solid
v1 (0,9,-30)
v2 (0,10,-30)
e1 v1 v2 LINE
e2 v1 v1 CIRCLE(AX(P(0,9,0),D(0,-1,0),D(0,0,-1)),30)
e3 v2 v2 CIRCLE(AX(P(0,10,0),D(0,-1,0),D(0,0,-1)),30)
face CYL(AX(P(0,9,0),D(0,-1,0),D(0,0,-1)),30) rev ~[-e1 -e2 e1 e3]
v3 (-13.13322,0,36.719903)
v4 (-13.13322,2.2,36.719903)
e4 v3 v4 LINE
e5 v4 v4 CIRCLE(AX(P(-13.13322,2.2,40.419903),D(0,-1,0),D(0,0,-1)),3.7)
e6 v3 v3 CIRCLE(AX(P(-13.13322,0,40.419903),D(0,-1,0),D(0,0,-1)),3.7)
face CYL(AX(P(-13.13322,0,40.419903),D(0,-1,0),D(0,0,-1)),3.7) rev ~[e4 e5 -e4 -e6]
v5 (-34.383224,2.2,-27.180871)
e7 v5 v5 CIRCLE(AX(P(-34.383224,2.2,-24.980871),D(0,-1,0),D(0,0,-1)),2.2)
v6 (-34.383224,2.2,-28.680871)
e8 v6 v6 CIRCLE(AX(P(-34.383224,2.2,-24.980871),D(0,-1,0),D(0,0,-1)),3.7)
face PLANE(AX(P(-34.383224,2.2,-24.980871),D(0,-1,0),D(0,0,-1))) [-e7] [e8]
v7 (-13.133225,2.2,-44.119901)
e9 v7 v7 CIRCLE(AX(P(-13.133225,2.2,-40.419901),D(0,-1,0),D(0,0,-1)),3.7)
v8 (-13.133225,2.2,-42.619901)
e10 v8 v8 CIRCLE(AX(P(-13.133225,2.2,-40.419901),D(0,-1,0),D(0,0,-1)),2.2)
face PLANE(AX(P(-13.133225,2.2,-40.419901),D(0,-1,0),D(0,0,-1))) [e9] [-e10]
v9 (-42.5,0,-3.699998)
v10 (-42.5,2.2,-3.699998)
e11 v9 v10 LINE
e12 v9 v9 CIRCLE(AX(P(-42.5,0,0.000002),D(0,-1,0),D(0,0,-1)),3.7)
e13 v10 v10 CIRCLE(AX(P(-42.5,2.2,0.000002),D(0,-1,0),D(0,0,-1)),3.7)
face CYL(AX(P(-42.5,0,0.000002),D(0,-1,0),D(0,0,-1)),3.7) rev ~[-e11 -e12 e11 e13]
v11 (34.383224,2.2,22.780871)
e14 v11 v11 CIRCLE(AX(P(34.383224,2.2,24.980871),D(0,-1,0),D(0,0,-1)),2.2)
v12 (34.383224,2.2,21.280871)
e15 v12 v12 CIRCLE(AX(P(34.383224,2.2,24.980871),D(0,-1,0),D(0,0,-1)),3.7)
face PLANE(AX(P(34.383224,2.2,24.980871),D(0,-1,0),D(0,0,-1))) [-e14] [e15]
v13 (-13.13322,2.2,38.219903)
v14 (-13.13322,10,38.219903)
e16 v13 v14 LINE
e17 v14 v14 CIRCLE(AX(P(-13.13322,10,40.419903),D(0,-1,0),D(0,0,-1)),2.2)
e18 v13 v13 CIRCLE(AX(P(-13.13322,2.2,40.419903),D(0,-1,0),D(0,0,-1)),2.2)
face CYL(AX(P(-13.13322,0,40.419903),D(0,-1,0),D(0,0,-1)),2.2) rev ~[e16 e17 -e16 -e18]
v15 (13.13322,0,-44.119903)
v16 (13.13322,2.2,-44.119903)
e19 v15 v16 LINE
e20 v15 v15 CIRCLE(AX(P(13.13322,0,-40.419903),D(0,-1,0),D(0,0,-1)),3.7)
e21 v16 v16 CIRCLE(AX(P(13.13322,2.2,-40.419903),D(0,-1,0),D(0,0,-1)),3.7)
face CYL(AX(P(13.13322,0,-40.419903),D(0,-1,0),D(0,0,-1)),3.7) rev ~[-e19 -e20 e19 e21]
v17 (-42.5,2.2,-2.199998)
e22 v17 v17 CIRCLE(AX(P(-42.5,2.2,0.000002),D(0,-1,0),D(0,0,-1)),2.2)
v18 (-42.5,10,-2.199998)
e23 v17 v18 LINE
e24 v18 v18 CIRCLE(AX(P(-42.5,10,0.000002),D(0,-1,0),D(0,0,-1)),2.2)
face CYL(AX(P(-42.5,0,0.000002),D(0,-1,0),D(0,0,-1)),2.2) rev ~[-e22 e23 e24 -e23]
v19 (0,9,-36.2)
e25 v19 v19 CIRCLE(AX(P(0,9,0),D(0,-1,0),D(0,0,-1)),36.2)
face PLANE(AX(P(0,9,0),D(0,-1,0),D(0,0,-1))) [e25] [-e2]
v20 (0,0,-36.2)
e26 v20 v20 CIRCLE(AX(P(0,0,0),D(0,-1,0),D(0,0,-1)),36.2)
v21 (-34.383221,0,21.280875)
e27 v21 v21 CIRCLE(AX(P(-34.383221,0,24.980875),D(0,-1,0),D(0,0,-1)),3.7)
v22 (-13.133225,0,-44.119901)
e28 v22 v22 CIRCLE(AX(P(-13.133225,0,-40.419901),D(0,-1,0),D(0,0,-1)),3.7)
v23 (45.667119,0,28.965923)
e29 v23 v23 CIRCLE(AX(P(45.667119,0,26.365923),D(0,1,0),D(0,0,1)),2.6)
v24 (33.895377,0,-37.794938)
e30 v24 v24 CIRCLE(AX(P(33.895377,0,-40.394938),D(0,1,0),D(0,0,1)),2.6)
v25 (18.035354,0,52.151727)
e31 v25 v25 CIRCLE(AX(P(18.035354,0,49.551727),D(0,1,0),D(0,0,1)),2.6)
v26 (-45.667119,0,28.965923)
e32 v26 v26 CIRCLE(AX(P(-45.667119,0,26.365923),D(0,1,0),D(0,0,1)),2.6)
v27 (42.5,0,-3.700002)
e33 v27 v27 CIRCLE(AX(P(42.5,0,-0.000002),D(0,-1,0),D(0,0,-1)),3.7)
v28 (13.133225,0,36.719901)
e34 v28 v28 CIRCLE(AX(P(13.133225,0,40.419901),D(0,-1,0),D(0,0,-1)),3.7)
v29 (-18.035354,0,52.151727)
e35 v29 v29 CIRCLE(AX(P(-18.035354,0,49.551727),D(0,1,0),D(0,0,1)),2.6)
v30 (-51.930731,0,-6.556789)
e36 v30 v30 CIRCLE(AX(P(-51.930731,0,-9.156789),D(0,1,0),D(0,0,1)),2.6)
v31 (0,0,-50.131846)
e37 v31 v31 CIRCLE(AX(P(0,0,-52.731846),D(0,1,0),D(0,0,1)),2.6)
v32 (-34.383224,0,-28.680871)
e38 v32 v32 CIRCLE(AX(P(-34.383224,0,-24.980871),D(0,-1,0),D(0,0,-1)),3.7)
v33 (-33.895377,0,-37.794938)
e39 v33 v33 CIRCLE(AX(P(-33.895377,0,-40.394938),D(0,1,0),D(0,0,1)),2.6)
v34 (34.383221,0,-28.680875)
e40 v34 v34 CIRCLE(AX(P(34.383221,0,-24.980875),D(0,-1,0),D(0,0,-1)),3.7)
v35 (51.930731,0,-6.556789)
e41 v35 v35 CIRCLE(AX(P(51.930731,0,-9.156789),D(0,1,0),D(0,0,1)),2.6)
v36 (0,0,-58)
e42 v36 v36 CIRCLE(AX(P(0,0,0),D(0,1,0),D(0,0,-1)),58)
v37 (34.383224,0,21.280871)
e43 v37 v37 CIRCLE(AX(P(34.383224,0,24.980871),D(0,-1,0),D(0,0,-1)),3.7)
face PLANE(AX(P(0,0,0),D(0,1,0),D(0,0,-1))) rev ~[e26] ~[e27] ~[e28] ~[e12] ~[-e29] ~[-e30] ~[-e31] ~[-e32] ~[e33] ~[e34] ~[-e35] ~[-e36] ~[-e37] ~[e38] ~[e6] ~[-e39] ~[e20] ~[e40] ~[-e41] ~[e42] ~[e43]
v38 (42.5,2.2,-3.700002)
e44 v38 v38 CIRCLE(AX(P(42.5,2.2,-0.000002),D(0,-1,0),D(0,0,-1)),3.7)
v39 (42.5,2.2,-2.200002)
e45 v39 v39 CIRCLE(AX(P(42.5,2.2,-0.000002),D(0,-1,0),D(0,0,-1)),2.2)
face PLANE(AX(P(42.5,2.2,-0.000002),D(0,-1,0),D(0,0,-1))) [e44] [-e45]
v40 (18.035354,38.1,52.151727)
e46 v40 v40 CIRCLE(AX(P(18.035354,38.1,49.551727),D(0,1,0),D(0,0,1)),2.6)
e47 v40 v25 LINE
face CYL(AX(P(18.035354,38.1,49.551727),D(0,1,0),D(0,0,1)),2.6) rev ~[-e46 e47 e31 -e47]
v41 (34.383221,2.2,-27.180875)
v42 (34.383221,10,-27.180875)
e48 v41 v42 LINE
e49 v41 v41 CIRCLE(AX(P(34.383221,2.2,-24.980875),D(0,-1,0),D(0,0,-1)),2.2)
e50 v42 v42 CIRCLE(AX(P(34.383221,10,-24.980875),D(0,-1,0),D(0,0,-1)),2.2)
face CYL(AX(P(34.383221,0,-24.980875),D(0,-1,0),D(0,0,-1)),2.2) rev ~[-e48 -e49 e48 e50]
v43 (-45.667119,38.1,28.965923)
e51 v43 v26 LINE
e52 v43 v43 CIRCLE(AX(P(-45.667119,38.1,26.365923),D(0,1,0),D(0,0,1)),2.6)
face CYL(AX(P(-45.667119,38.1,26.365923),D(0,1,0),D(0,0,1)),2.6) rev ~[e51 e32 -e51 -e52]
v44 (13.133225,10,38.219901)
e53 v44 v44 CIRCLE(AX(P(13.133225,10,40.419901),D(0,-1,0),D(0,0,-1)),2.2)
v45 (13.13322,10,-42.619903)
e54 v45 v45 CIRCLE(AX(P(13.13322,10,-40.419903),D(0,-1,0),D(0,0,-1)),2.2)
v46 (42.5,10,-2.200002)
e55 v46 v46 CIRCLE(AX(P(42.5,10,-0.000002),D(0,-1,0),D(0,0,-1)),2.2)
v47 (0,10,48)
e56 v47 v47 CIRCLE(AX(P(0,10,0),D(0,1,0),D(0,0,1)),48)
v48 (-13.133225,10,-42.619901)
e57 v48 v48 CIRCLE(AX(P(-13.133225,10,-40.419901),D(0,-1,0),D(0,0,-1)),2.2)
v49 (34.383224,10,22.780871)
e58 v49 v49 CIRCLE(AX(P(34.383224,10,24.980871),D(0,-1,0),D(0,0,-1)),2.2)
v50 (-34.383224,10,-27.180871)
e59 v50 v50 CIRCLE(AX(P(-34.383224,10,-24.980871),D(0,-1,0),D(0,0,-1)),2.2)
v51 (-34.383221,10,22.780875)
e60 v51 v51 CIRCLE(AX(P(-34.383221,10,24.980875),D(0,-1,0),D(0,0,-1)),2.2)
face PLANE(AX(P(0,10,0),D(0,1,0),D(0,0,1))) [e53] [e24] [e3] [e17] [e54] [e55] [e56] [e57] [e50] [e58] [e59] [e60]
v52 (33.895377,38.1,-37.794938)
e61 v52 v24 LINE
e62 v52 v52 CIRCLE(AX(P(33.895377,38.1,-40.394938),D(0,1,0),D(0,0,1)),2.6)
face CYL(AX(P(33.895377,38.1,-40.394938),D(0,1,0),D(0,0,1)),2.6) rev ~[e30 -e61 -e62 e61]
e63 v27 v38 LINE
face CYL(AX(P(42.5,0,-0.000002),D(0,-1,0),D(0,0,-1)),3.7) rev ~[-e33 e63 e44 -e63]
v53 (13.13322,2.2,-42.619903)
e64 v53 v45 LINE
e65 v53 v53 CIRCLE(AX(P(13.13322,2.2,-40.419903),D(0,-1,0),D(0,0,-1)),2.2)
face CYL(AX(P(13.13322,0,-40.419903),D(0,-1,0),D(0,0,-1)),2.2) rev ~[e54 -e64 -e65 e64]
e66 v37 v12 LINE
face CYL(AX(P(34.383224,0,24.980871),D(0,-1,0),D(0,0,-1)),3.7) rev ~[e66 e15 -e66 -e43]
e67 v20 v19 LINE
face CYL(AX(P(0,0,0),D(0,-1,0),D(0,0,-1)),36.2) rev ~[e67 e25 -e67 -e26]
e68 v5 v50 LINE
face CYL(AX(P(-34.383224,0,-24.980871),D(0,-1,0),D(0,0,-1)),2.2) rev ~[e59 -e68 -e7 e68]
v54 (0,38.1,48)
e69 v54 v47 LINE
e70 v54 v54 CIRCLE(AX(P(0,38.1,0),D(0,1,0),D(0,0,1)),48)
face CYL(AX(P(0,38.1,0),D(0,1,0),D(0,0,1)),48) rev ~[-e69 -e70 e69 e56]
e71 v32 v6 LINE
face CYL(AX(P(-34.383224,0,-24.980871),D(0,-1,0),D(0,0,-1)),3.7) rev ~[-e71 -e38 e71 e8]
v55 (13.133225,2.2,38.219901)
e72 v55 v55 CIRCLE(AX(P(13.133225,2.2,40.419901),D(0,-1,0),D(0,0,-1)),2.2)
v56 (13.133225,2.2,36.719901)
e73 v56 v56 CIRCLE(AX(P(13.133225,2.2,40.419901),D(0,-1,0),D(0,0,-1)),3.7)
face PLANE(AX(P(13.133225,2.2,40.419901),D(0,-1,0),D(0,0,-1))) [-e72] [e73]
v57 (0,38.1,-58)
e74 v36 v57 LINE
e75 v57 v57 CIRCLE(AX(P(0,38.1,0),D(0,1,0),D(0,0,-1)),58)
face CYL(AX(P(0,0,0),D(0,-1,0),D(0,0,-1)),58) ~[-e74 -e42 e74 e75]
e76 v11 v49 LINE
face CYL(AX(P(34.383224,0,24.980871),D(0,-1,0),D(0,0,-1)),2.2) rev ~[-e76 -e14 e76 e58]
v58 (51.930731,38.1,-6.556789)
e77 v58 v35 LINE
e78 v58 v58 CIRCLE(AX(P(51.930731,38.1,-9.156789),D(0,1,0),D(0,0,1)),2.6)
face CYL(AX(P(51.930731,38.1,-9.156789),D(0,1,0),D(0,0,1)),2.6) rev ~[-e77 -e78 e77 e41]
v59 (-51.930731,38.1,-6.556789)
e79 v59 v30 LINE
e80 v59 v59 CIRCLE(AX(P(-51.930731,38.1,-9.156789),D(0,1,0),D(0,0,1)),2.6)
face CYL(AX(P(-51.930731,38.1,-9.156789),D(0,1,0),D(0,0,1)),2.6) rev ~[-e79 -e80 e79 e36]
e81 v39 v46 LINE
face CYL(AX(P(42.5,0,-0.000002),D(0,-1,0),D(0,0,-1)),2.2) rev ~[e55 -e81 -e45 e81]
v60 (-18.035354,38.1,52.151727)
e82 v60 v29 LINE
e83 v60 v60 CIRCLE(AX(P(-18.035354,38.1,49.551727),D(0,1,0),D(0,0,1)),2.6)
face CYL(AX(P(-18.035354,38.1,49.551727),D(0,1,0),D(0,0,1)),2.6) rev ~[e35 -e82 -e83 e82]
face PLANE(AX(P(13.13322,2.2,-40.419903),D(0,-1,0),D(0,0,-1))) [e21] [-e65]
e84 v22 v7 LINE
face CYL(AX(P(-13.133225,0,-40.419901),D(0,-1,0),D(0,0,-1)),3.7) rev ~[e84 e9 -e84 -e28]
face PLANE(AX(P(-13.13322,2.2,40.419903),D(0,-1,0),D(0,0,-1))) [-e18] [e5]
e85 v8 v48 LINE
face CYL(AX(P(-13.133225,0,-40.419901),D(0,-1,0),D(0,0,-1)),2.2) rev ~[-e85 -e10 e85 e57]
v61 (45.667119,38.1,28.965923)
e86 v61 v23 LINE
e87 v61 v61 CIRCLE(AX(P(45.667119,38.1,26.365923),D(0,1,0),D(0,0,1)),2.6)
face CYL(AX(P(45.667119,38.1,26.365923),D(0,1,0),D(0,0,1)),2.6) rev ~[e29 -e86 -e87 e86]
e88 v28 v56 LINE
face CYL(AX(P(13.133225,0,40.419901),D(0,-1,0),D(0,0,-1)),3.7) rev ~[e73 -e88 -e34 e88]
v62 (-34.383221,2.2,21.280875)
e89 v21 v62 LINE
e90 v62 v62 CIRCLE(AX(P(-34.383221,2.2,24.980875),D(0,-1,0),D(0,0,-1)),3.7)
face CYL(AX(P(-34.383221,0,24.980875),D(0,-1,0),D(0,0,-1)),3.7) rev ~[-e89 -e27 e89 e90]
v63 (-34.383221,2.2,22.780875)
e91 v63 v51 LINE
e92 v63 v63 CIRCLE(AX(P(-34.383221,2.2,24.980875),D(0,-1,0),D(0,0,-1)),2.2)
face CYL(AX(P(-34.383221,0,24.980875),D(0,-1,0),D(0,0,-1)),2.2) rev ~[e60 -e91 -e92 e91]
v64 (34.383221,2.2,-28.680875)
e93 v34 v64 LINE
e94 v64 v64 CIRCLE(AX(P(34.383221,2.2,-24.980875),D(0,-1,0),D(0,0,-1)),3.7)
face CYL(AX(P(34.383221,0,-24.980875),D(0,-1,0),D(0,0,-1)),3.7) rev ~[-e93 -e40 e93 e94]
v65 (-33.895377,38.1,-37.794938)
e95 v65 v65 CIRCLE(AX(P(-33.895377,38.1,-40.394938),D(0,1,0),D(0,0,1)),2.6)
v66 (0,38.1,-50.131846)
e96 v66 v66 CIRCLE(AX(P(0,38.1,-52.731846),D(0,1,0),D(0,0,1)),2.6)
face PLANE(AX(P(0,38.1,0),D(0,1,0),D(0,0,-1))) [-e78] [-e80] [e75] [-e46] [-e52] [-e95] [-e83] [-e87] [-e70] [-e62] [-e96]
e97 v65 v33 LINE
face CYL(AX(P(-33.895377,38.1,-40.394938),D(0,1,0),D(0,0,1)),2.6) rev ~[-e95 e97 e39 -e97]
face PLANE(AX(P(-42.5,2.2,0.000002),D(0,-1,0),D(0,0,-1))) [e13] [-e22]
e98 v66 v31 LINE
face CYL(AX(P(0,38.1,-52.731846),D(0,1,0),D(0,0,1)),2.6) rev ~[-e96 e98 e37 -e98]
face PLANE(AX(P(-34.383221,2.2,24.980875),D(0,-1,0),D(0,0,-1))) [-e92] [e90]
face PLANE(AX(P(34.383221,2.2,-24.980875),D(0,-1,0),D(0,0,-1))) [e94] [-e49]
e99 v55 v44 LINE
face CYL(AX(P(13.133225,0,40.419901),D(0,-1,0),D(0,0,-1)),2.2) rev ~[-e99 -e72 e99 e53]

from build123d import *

# Parameters (mm, degrees)
SKETCH1_R             = 58
BOSS_EXTRUDE1_DEPTH   = 38.1
SKETCH2_R             = 48
CUT_EXTRUDE1_DEPTH    = 28.1
SKETCH5_R             = 2.6
FASTENING_HOLES_DEPTH = 91.441196365
SKETCH9_R             = 36.2
CUT_EXTRUDE2_DEPTH    = 9
SKETCH10_R            = 30
CUT_EXTRUDE3_DEPTH    = 88.033384399
SKETCH6_R             = 2.2
CUT_EXTRUDE4_DEPTH    = 91.441196365
SKETCH16_R            = 3.7
CUT_EXTRUDE5_DEPTH    = 2.2


with BuildPart() as part:
    # Sketch1 → Boss-Extrude1 (new body)
    with BuildSketch(Plane(origin=(0, 0, 0), x_dir=(1, 0, 0), z_dir=(0, 1, 0))):
        with Locations(Location((0, 0, 0), (0, 0, 90))):
            Circle(SKETCH1_R)
    extrude(amount=BOSS_EXTRUDE1_DEPTH)

    # Sketch2 → Cut-Extrude1 (cut)
    with BuildSketch(Plane(origin=(0, 38.1, 0), x_dir=(1, 0, 0), z_dir=(0, 1, 0))):
        with Locations(Location((0, 0, 0), (0, 0, 270))):
            Circle(SKETCH2_R)
    extrude(amount=-CUT_EXTRUDE1_DEPTH, mode=Mode.SUBTRACT)

    # Sketch5 → Fastening Holes (cut, through all)
    with BuildSketch(Plane(origin=(0, 38.1, 0), x_dir=(1, 0, 0), z_dir=(0, 1, 0))):
        with Locations(Location((0, 52.731846387, 0), (0, 0, 270))):
            Circle(SKETCH5_R)
        with Locations(Location((33.895377494, 40.3949379, 0), (0, 0, 270))):
            Circle(SKETCH5_R)
        with Locations(Location((51.930731153, 9.15678903, 0), (0, 0, 270))):
            Circle(SKETCH5_R)
        with Locations(Location((45.66711856, -26.365923194, 0), (0, 0, 270))):
            Circle(SKETCH5_R)
        with Locations(Location((18.035353659, -49.55172693, 0), (0, 0, 270))):
            Circle(SKETCH5_R)
        with Locations(Location((-18.035353659, -49.55172693, 0), (0, 0, 270))):
            Circle(SKETCH5_R)
        with Locations(Location((-45.66711856, -26.365923194, 0), (0, 0, 270))):
            Circle(SKETCH5_R)
        with Locations(Location((-51.930731153, 9.15678903, 0), (0, 0, 270))):
            Circle(SKETCH5_R)
        with Locations(Location((-33.895377493, 40.3949379, 0), (0, 0, 270))):
            Circle(SKETCH5_R)
    extrude(amount=-FASTENING_HOLES_DEPTH, mode=Mode.SUBTRACT)

    # Sketch9 → Cut-Extrude2 (cut)
    with BuildSketch(Plane.XZ):
        with Locations(Location((0, 0, 0), (0, 0, 270))):
            Circle(SKETCH9_R)
    extrude(amount=-CUT_EXTRUDE2_DEPTH, mode=Mode.SUBTRACT)

    # Sketch10 → Cut-Extrude3 (cut, through all)
    with BuildSketch(Plane.XZ.offset(-9)):
        with Locations(Location((0, 0, 0), (0, 0, 270))):
            Circle(SKETCH10_R)
    extrude(amount=-CUT_EXTRUDE3_DEPTH, mode=Mode.SUBTRACT)

    # Sketch6 → Cut-Extrude4 (cut, through all)
    with BuildSketch(Plane.XZ):
        with Locations(Location((13.13322, -40.419902677, 0), (0, 0, 270))):
            Circle(SKETCH6_R)
        with Locations(Location((-13.133224522, -40.419901208, 0), (0, 0, 270))):
            Circle(SKETCH6_R)
        with Locations(Location((-34.383223658, -24.980871299, 0), (0, 0, 270))):
            Circle(SKETCH6_R)
        with Locations(Location((-42.5, 2.377e-06, 0), (0, 0, 270))):
            Circle(SKETCH6_R)
        with Locations(Location((-34.383220864, 24.980875146, 0), (0, 0, 270))):
            Circle(SKETCH6_R)
        with Locations(Location((-13.13322, 40.419902677, 0), (0, 0, 270))):
            Circle(SKETCH6_R)
        with Locations(Location((13.133224522, 40.419901208, 0), (0, 0, 270))):
            Circle(SKETCH6_R)
        with Locations(Location((34.383223658, 24.980871299, 0), (0, 0, 270))):
            Circle(SKETCH6_R)
        with Locations(Location((42.5, -2.377e-06, 0), (0, 0, 270))):
            Circle(SKETCH6_R)
        with Locations(Location((34.383220864, -24.980875146, 0), (0, 0, 270))):
            Circle(SKETCH6_R)
    extrude(amount=-CUT_EXTRUDE4_DEPTH, mode=Mode.SUBTRACT)

    # Sketch16 → Cut-Extrude5 (cut)
    with BuildSketch(Plane.XZ):
        with Locations(Location((-13.13322, 40.419902677, 0), (0, 0, 270))):
            Circle(SKETCH16_R)
        with Locations(Location((13.133224522, 40.419901208, 0), (0, 0, 270))):
            Circle(SKETCH16_R)
        with Locations(Location((34.383223658, 24.980871299, 0), (0, 0, 270))):
            Circle(SKETCH16_R)
        with Locations(Location((42.5, -2.377e-06, 0), (0, 0, 270))):
            Circle(SKETCH16_R)
        with Locations(Location((34.383220864, -24.980875146, 0), (0, 0, 270))):
            Circle(SKETCH16_R)
        with Locations(Location((13.13322, -40.419902677, 0), (0, 0, 270))):
            Circle(SKETCH16_R)
        with Locations(Location((-13.133224522, -40.419901208, 0), (0, 0, 270))):
            Circle(SKETCH16_R)
        with Locations(Location((-34.383223658, -24.980871299, 0), (0, 0, 270))):
            Circle(SKETCH16_R)
        with Locations(Location((-42.5, 2.377e-06, 0), (0, 0, 270))):
            Circle(SKETCH16_R)
        with Locations(Location((-34.383220864, 24.980875146, 0), (0, 0, 270))):
            Circle(SKETCH16_R)
    extrude(amount=-CUT_EXTRUDE5_DEPTH, mode=Mode.SUBTRACT)


solid = part.part
